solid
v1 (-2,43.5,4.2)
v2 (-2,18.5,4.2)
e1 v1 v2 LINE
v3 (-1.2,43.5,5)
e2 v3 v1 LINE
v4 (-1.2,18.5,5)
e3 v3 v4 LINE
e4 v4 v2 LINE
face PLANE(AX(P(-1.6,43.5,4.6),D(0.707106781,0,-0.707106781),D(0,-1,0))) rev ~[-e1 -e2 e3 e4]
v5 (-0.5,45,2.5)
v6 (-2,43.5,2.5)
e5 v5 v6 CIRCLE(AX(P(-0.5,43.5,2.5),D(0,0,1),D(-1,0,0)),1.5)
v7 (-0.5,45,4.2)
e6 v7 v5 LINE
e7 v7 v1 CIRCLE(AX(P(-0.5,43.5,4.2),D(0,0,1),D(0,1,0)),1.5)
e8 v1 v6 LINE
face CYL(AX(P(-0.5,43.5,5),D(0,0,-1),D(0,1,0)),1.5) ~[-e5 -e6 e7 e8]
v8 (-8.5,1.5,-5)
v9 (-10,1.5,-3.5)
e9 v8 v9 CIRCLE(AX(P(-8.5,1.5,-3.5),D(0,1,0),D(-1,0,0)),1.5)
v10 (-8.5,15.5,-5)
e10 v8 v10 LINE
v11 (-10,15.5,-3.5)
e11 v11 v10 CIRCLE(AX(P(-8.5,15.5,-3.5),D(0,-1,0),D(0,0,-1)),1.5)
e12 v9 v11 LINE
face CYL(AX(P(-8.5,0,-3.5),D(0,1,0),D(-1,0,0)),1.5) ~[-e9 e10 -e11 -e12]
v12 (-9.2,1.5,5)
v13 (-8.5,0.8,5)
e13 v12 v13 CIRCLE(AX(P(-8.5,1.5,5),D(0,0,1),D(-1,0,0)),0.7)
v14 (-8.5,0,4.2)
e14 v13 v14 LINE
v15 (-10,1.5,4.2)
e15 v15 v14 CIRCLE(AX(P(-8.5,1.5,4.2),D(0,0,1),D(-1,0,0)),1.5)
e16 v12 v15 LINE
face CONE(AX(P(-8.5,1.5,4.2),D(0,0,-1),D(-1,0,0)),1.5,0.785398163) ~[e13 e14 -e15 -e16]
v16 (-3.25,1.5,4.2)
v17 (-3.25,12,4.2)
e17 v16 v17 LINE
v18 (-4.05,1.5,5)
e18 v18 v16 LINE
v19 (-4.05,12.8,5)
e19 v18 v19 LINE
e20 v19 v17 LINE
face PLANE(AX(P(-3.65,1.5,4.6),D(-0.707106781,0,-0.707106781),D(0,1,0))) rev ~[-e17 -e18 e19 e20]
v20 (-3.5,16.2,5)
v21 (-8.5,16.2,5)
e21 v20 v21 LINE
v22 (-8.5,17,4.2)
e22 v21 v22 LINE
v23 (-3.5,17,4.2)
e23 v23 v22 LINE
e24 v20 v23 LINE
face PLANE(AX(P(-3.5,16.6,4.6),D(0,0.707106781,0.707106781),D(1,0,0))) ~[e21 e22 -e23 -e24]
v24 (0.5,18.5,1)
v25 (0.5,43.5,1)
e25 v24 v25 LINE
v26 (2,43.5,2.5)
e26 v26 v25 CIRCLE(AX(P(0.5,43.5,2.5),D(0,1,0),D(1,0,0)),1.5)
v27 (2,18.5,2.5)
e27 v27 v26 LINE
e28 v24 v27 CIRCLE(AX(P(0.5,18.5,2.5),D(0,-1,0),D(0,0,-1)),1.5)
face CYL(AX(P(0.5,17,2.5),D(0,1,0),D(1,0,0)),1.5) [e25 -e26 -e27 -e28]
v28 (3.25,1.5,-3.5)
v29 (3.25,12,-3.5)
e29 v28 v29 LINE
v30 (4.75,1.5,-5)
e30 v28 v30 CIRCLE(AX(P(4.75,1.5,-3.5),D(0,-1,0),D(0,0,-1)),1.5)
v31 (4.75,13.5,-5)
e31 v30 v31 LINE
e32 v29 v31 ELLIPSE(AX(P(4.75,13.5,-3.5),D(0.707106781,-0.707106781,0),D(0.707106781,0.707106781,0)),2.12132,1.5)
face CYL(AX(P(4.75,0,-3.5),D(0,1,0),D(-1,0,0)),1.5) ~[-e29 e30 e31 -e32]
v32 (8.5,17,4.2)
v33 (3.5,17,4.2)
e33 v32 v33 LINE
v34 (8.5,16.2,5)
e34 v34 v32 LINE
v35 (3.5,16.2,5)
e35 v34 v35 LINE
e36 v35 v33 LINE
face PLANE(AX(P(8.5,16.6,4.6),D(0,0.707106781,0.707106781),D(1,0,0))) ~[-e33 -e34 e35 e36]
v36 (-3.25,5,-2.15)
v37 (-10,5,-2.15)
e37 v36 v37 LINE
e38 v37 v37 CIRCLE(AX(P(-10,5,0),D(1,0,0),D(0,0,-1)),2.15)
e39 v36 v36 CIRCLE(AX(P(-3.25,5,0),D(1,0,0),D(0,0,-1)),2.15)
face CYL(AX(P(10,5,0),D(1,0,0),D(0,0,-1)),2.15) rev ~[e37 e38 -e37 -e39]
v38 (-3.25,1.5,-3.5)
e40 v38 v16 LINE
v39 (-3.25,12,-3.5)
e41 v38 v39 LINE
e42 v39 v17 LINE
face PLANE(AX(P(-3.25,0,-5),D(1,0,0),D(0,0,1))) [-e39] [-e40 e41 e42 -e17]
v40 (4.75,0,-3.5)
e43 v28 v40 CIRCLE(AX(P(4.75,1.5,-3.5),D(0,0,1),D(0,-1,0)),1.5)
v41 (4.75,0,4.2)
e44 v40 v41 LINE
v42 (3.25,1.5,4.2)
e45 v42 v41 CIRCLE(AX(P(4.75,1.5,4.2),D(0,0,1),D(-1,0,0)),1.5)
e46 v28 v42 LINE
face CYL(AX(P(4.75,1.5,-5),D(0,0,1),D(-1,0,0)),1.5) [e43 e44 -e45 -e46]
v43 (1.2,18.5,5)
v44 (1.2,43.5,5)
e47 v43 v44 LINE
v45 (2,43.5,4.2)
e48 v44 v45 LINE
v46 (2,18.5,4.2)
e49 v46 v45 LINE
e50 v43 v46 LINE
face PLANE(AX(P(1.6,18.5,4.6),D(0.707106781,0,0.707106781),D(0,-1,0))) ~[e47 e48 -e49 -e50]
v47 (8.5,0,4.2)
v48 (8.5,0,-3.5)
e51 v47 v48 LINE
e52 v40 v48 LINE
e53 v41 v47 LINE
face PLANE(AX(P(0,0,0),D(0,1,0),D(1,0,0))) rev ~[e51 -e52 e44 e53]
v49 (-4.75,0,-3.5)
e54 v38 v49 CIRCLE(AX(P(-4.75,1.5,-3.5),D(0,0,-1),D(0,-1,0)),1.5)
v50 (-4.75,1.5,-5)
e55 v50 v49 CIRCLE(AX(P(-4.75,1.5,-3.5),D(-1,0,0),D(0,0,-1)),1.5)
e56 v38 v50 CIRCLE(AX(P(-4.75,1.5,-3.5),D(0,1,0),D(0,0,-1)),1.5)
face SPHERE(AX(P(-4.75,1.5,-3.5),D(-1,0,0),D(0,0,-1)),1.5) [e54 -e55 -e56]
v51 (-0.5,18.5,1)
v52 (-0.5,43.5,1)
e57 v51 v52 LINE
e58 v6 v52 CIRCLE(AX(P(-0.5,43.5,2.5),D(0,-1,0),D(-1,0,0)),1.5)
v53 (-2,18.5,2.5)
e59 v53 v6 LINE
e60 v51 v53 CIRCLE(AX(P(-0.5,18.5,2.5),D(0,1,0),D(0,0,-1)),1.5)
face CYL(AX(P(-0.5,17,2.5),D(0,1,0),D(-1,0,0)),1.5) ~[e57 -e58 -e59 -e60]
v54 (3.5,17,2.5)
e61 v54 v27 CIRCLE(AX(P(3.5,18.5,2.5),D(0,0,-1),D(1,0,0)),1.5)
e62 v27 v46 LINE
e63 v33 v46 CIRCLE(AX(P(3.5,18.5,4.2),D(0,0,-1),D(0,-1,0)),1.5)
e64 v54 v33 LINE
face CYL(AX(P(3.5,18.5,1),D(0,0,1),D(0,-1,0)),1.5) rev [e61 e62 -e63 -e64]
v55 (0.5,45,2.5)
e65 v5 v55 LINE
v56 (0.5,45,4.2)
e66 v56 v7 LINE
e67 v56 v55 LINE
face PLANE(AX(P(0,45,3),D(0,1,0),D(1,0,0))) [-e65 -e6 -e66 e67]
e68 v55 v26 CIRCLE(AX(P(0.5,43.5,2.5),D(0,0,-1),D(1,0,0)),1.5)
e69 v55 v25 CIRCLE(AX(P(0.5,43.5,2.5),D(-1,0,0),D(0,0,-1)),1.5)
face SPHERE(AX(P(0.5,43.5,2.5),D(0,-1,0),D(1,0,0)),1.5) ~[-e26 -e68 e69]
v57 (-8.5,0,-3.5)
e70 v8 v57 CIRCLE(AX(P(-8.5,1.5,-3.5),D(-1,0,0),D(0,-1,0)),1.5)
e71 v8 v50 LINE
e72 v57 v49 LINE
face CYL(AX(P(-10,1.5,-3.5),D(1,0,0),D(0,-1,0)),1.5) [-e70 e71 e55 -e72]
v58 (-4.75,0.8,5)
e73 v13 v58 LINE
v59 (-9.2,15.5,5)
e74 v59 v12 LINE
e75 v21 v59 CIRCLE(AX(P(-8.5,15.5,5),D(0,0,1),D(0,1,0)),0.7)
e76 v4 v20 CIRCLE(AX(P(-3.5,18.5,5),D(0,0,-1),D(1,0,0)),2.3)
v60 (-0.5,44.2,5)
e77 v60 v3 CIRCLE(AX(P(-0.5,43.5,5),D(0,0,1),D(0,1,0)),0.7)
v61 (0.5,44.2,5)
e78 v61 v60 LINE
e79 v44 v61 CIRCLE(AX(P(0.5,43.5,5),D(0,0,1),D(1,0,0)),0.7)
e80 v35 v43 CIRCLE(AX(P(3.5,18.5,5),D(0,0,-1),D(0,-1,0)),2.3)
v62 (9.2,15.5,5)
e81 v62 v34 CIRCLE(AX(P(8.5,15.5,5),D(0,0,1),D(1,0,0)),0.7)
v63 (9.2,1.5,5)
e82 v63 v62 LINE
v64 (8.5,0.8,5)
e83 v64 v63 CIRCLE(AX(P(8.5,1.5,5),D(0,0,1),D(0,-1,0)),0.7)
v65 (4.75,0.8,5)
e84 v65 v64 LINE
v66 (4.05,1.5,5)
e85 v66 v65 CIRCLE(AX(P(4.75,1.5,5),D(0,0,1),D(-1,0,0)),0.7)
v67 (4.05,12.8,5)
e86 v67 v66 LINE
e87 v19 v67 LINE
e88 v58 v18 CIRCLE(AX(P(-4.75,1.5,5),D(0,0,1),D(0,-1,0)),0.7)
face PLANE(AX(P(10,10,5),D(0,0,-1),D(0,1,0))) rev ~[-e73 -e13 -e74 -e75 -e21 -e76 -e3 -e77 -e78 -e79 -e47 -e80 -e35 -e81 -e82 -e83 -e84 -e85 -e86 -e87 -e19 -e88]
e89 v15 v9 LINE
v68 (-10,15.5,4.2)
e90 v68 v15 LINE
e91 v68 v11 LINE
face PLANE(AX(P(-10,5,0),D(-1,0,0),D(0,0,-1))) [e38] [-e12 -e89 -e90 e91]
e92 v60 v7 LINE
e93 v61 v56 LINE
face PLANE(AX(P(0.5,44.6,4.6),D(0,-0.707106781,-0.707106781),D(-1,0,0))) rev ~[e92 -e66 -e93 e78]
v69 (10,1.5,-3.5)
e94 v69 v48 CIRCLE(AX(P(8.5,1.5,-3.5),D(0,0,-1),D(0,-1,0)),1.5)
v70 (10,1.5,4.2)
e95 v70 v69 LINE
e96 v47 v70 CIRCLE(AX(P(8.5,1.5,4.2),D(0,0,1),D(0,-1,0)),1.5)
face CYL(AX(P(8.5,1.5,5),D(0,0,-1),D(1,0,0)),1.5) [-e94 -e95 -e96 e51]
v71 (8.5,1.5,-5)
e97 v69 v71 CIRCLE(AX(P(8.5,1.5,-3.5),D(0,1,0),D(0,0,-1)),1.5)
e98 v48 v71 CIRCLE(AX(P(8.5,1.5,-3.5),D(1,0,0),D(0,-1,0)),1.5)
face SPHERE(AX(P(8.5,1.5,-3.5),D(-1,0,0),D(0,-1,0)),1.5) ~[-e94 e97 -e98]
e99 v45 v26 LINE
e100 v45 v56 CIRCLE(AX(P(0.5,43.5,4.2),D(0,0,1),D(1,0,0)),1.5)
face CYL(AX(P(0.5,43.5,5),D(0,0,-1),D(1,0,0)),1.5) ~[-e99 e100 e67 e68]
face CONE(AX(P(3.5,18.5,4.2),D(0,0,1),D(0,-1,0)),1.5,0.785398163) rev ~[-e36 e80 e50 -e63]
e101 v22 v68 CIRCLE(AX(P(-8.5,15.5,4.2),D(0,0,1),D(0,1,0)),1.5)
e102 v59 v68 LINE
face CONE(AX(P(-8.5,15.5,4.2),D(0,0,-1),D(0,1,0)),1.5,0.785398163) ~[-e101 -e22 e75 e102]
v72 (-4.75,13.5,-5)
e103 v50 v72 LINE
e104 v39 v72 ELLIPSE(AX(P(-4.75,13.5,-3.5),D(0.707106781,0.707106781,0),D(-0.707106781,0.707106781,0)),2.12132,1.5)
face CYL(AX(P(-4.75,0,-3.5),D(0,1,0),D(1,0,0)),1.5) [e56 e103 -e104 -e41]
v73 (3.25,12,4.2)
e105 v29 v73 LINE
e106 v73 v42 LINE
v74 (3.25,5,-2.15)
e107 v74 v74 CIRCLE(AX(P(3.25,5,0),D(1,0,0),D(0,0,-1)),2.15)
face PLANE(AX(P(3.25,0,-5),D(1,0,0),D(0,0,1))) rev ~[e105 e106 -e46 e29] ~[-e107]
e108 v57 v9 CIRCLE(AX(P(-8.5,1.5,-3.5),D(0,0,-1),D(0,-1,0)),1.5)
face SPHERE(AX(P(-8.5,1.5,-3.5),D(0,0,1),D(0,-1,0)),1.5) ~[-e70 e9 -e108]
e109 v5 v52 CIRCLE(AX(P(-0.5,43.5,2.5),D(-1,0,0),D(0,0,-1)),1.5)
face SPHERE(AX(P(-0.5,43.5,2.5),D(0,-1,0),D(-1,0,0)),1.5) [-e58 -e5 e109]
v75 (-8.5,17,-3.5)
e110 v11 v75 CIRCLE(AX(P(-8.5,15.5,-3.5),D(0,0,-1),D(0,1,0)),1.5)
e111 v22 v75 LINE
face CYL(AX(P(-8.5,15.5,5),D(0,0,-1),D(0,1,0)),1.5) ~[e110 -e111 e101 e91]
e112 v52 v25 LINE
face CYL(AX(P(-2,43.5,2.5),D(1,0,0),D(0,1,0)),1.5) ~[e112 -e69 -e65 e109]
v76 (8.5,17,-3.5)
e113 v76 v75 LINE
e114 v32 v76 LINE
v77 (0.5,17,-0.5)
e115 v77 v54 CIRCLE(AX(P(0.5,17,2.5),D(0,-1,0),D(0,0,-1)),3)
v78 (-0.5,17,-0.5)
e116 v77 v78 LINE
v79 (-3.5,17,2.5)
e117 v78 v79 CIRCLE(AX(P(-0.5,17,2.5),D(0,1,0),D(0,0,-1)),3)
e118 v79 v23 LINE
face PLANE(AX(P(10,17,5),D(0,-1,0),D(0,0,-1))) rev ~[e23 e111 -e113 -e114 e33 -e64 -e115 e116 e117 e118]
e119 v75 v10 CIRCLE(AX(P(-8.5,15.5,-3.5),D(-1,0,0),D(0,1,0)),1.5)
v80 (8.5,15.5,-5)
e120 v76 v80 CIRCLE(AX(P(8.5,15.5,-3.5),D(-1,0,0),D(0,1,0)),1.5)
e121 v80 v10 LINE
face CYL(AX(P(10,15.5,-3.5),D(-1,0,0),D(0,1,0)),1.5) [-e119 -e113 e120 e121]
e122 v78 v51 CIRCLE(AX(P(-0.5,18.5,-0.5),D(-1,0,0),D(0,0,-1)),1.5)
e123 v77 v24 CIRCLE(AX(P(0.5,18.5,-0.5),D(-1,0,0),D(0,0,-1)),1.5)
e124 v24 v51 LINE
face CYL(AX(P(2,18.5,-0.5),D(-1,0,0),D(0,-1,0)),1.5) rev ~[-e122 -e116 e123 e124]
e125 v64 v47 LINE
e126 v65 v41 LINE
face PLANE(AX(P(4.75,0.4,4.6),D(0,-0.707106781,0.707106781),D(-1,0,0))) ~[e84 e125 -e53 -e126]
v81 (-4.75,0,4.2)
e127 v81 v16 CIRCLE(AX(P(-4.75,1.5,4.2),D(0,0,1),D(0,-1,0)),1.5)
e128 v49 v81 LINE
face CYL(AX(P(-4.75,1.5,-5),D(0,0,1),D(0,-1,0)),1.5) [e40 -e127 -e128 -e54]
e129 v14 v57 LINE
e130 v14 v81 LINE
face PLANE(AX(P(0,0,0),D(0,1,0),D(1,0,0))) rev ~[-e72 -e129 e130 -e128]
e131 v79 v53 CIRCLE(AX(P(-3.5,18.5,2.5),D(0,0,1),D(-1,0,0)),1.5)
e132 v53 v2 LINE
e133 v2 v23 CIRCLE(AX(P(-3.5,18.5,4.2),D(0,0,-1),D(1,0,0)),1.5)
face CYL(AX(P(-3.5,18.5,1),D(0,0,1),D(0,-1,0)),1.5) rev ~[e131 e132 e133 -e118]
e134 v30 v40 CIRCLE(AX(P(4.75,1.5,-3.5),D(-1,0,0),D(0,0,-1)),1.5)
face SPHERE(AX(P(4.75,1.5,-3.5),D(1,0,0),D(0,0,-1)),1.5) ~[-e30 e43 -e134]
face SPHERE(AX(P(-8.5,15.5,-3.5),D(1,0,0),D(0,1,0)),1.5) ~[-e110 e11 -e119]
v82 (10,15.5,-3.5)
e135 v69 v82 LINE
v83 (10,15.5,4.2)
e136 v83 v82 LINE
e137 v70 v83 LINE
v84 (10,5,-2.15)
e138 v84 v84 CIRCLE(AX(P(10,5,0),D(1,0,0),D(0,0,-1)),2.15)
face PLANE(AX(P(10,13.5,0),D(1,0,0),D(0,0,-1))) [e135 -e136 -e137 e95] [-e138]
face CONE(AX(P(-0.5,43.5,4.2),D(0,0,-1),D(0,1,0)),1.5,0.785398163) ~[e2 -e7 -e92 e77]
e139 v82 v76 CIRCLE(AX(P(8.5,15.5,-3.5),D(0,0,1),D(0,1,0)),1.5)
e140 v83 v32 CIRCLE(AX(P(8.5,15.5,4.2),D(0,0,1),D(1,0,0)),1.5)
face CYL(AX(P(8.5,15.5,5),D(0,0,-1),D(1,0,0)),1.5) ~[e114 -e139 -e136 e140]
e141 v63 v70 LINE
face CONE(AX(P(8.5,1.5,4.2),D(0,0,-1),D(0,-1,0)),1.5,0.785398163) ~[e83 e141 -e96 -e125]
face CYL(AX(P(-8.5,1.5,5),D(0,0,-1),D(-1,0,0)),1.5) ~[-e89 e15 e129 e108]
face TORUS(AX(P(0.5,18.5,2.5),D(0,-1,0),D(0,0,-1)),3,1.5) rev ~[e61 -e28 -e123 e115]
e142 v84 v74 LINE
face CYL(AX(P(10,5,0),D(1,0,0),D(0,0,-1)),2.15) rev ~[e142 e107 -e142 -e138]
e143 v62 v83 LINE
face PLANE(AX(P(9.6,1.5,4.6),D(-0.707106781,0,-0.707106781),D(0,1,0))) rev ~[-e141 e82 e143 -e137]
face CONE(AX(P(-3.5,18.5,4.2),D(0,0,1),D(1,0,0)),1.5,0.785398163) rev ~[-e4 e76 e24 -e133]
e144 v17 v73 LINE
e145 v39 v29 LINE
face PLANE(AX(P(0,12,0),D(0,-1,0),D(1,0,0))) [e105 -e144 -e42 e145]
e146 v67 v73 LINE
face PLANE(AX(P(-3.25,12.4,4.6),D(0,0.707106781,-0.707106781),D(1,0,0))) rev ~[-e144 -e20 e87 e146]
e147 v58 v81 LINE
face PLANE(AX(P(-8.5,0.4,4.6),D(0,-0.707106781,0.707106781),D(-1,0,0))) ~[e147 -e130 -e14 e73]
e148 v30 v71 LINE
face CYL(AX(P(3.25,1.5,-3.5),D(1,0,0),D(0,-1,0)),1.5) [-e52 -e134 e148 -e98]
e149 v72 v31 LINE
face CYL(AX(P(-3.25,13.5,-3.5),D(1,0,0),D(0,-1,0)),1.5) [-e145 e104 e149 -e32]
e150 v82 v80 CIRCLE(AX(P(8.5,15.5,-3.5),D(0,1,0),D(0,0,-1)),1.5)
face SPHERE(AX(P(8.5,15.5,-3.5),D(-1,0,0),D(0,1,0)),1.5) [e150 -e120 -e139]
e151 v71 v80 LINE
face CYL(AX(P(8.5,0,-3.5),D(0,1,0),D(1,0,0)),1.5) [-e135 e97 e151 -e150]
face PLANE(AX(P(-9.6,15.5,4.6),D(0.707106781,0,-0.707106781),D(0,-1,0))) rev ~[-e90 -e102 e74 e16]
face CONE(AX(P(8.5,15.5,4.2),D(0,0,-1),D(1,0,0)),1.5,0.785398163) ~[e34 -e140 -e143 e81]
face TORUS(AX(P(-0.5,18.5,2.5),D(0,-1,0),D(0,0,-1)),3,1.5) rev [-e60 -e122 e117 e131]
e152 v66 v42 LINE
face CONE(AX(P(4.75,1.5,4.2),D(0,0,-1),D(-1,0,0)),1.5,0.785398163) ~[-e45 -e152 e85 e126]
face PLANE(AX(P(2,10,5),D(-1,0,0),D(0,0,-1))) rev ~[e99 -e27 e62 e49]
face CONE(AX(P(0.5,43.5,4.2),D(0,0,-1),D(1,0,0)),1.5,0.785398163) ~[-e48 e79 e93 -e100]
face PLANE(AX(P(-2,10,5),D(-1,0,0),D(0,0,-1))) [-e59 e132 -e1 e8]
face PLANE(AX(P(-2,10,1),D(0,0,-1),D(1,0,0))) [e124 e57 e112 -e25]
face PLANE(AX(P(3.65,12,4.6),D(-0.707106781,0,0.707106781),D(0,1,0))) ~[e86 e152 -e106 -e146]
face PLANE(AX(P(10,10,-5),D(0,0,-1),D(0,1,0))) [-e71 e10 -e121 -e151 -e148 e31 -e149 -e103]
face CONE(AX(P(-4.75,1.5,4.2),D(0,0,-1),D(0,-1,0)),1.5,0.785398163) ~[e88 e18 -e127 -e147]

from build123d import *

# Parameters (mm, degrees)
SKETCH1_W           = 20
SKETCH1_H           = 10
BOSS_EXTRUDE1_DEPTH = 10
SKETCH2_R           = 2.15
CUT_EXTRUDE1_DEPTH  = 23.912878475
SKETCH3_W           = 4
SKETCH3_H           = 4
BOSS_EXTRUDE2_DEPTH = 35
BOSS_EXTRUDE3_REACH = 51.497
SKETCH4_W           = 10
SKETCH4_H           = 7
SKETCH5_W           = 6.5
SKETCH5_H           = 10
CUT_EXTRUDE2_DEPTH  = 12
FILLET1_R           = 1.5
CHAMFER1_SIZE       = 0.8


with BuildPart() as part:
    # Sketch1 → Boss-Extrude1 (new body)
    with BuildSketch(Plane(origin=(0, 0, 0), x_dir=(1, 0, 0), z_dir=(0, 1, 0))):
        Rectangle(SKETCH1_W, SKETCH1_H)
    extrude(amount=BOSS_EXTRUDE1_DEPTH)

    # Sketch2 → Cut-Extrude1 (cut, through all)
    with BuildSketch(Plane(origin=(10, 0, 0), x_dir=(0, 0, -1), z_dir=(1, 0, 0))):
        with Locations((0, 5)):
            Circle(SKETCH2_R)
    extrude(amount=-CUT_EXTRUDE1_DEPTH, mode=Mode.SUBTRACT)

    # Sketch3 → Boss-Extrude2 (add)
    with BuildSketch(Plane(origin=(0, 10, 0), x_dir=(1, 0, 0), z_dir=(0, 1, 0))):
        with Locations((0, -3)):
            Rectangle(SKETCH3_W, SKETCH3_H)
    extrude(amount=BOSS_EXTRUDE2_DEPTH)

    # Boss-Extrude3: up to this face of the body (flat: up to its plane)
    boss_extrude3_end = Plane(part.part.faces().sort_by_distance((-10, 5, -4.858578644))[0])
    # Sketch4 → Boss-Extrude3 (add, up to the picked face)
    with BuildSketch(Plane(origin=(10, 0, 0), x_dir=(0, 0, -1), z_dir=(1, 0, 0)), mode=Mode.PRIVATE) as boss_extrude3_sk1:
        with Locations((0, 13.5)):
            Rectangle(SKETCH4_W, SKETCH4_H)
    boss_extrude3_tool1 = split(extrude(boss_extrude3_sk1.sketch, amount=-BOSS_EXTRUDE3_REACH, mode=Mode.PRIVATE), bisect_by=boss_extrude3_end, keep=Keep.BOTH, mode=Mode.PRIVATE)
    add(boss_extrude3_tool1.solids().sort_by(Axis((10, 13.5, 0), (-1, 0, 0)))[0])

    # Sketch5 → Cut-Extrude2 (cut)
    with BuildSketch(Plane.XZ):
        Rectangle(SKETCH5_W, SKETCH5_H)
    extrude(amount=-CUT_EXTRUDE2_DEPTH, mode=Mode.SUBTRACT)

    # Fillet1
    fillet1_edges = [part.edges().sort_by_distance(p)[0] for p in [
        (-2, 31, 1),
        (2, 31, 1),
        (-2, 45, 3),
        (2, 45, 3),
        (0, 45, 1),
        (0, 17, 1),
        (-2, 17, 3),
        (2, 17, 3),
        (0, 17, -5),
        (10, 17, 0),
        (-10, 17, 0),
        (-10, 0, 0),
        (-6.625, 0, -5),
        (6.625, 0, -5),
        (-3.25, 6, -5),
        (10, 0, 0),
        (0, 12, -5),
        (3.25, 6, -5),
        (-3.25, 0, 0),
        (3.25, 0, 0),
        (-10, 8.5, -5),
        (10, 8.5, -5),
    ]]
    fillet(fillet1_edges, radius=FILLET1_R)

    # Chamfer1
    chamfer1_edges = [part.edges().sort_by_distance(p)[0] for p in [
        (-6.625, 0, 5),
        (-9.560660172, 16.560660172, 5),
        (9.560660172, 16.560660172, 5),
        (-9.560660172, 0.439339828, 5),
        (9.560660172, 0.439339828, 5),
        (3.689339828, 0.439339828, 5),
        (-3.689339828, 0.439339828, 5),
        (-1.560660172, 44.560660172, 5),
        (1.560660172, 44.560660172, 5),
        (-2.439339828, 17.439339828, 5),
        (2.439339828, 17.439339828, 5),
        (3.25, 6.75, 5),
        (0, 12, 5),
        (-3.25, 6.75, 5),
        (-2, 31, 5),
        (6, 17, 5),
        (-6, 17, 5),
        (2, 31, 5),
        (0, 45, 5),
        (6.625, 0, 5),
        (10, 8.5, 5),
        (-10, 8.5, 5),
    ]]
    chamfer(chamfer1_edges, length=CHAMFER1_SIZE)


solid = part.part
